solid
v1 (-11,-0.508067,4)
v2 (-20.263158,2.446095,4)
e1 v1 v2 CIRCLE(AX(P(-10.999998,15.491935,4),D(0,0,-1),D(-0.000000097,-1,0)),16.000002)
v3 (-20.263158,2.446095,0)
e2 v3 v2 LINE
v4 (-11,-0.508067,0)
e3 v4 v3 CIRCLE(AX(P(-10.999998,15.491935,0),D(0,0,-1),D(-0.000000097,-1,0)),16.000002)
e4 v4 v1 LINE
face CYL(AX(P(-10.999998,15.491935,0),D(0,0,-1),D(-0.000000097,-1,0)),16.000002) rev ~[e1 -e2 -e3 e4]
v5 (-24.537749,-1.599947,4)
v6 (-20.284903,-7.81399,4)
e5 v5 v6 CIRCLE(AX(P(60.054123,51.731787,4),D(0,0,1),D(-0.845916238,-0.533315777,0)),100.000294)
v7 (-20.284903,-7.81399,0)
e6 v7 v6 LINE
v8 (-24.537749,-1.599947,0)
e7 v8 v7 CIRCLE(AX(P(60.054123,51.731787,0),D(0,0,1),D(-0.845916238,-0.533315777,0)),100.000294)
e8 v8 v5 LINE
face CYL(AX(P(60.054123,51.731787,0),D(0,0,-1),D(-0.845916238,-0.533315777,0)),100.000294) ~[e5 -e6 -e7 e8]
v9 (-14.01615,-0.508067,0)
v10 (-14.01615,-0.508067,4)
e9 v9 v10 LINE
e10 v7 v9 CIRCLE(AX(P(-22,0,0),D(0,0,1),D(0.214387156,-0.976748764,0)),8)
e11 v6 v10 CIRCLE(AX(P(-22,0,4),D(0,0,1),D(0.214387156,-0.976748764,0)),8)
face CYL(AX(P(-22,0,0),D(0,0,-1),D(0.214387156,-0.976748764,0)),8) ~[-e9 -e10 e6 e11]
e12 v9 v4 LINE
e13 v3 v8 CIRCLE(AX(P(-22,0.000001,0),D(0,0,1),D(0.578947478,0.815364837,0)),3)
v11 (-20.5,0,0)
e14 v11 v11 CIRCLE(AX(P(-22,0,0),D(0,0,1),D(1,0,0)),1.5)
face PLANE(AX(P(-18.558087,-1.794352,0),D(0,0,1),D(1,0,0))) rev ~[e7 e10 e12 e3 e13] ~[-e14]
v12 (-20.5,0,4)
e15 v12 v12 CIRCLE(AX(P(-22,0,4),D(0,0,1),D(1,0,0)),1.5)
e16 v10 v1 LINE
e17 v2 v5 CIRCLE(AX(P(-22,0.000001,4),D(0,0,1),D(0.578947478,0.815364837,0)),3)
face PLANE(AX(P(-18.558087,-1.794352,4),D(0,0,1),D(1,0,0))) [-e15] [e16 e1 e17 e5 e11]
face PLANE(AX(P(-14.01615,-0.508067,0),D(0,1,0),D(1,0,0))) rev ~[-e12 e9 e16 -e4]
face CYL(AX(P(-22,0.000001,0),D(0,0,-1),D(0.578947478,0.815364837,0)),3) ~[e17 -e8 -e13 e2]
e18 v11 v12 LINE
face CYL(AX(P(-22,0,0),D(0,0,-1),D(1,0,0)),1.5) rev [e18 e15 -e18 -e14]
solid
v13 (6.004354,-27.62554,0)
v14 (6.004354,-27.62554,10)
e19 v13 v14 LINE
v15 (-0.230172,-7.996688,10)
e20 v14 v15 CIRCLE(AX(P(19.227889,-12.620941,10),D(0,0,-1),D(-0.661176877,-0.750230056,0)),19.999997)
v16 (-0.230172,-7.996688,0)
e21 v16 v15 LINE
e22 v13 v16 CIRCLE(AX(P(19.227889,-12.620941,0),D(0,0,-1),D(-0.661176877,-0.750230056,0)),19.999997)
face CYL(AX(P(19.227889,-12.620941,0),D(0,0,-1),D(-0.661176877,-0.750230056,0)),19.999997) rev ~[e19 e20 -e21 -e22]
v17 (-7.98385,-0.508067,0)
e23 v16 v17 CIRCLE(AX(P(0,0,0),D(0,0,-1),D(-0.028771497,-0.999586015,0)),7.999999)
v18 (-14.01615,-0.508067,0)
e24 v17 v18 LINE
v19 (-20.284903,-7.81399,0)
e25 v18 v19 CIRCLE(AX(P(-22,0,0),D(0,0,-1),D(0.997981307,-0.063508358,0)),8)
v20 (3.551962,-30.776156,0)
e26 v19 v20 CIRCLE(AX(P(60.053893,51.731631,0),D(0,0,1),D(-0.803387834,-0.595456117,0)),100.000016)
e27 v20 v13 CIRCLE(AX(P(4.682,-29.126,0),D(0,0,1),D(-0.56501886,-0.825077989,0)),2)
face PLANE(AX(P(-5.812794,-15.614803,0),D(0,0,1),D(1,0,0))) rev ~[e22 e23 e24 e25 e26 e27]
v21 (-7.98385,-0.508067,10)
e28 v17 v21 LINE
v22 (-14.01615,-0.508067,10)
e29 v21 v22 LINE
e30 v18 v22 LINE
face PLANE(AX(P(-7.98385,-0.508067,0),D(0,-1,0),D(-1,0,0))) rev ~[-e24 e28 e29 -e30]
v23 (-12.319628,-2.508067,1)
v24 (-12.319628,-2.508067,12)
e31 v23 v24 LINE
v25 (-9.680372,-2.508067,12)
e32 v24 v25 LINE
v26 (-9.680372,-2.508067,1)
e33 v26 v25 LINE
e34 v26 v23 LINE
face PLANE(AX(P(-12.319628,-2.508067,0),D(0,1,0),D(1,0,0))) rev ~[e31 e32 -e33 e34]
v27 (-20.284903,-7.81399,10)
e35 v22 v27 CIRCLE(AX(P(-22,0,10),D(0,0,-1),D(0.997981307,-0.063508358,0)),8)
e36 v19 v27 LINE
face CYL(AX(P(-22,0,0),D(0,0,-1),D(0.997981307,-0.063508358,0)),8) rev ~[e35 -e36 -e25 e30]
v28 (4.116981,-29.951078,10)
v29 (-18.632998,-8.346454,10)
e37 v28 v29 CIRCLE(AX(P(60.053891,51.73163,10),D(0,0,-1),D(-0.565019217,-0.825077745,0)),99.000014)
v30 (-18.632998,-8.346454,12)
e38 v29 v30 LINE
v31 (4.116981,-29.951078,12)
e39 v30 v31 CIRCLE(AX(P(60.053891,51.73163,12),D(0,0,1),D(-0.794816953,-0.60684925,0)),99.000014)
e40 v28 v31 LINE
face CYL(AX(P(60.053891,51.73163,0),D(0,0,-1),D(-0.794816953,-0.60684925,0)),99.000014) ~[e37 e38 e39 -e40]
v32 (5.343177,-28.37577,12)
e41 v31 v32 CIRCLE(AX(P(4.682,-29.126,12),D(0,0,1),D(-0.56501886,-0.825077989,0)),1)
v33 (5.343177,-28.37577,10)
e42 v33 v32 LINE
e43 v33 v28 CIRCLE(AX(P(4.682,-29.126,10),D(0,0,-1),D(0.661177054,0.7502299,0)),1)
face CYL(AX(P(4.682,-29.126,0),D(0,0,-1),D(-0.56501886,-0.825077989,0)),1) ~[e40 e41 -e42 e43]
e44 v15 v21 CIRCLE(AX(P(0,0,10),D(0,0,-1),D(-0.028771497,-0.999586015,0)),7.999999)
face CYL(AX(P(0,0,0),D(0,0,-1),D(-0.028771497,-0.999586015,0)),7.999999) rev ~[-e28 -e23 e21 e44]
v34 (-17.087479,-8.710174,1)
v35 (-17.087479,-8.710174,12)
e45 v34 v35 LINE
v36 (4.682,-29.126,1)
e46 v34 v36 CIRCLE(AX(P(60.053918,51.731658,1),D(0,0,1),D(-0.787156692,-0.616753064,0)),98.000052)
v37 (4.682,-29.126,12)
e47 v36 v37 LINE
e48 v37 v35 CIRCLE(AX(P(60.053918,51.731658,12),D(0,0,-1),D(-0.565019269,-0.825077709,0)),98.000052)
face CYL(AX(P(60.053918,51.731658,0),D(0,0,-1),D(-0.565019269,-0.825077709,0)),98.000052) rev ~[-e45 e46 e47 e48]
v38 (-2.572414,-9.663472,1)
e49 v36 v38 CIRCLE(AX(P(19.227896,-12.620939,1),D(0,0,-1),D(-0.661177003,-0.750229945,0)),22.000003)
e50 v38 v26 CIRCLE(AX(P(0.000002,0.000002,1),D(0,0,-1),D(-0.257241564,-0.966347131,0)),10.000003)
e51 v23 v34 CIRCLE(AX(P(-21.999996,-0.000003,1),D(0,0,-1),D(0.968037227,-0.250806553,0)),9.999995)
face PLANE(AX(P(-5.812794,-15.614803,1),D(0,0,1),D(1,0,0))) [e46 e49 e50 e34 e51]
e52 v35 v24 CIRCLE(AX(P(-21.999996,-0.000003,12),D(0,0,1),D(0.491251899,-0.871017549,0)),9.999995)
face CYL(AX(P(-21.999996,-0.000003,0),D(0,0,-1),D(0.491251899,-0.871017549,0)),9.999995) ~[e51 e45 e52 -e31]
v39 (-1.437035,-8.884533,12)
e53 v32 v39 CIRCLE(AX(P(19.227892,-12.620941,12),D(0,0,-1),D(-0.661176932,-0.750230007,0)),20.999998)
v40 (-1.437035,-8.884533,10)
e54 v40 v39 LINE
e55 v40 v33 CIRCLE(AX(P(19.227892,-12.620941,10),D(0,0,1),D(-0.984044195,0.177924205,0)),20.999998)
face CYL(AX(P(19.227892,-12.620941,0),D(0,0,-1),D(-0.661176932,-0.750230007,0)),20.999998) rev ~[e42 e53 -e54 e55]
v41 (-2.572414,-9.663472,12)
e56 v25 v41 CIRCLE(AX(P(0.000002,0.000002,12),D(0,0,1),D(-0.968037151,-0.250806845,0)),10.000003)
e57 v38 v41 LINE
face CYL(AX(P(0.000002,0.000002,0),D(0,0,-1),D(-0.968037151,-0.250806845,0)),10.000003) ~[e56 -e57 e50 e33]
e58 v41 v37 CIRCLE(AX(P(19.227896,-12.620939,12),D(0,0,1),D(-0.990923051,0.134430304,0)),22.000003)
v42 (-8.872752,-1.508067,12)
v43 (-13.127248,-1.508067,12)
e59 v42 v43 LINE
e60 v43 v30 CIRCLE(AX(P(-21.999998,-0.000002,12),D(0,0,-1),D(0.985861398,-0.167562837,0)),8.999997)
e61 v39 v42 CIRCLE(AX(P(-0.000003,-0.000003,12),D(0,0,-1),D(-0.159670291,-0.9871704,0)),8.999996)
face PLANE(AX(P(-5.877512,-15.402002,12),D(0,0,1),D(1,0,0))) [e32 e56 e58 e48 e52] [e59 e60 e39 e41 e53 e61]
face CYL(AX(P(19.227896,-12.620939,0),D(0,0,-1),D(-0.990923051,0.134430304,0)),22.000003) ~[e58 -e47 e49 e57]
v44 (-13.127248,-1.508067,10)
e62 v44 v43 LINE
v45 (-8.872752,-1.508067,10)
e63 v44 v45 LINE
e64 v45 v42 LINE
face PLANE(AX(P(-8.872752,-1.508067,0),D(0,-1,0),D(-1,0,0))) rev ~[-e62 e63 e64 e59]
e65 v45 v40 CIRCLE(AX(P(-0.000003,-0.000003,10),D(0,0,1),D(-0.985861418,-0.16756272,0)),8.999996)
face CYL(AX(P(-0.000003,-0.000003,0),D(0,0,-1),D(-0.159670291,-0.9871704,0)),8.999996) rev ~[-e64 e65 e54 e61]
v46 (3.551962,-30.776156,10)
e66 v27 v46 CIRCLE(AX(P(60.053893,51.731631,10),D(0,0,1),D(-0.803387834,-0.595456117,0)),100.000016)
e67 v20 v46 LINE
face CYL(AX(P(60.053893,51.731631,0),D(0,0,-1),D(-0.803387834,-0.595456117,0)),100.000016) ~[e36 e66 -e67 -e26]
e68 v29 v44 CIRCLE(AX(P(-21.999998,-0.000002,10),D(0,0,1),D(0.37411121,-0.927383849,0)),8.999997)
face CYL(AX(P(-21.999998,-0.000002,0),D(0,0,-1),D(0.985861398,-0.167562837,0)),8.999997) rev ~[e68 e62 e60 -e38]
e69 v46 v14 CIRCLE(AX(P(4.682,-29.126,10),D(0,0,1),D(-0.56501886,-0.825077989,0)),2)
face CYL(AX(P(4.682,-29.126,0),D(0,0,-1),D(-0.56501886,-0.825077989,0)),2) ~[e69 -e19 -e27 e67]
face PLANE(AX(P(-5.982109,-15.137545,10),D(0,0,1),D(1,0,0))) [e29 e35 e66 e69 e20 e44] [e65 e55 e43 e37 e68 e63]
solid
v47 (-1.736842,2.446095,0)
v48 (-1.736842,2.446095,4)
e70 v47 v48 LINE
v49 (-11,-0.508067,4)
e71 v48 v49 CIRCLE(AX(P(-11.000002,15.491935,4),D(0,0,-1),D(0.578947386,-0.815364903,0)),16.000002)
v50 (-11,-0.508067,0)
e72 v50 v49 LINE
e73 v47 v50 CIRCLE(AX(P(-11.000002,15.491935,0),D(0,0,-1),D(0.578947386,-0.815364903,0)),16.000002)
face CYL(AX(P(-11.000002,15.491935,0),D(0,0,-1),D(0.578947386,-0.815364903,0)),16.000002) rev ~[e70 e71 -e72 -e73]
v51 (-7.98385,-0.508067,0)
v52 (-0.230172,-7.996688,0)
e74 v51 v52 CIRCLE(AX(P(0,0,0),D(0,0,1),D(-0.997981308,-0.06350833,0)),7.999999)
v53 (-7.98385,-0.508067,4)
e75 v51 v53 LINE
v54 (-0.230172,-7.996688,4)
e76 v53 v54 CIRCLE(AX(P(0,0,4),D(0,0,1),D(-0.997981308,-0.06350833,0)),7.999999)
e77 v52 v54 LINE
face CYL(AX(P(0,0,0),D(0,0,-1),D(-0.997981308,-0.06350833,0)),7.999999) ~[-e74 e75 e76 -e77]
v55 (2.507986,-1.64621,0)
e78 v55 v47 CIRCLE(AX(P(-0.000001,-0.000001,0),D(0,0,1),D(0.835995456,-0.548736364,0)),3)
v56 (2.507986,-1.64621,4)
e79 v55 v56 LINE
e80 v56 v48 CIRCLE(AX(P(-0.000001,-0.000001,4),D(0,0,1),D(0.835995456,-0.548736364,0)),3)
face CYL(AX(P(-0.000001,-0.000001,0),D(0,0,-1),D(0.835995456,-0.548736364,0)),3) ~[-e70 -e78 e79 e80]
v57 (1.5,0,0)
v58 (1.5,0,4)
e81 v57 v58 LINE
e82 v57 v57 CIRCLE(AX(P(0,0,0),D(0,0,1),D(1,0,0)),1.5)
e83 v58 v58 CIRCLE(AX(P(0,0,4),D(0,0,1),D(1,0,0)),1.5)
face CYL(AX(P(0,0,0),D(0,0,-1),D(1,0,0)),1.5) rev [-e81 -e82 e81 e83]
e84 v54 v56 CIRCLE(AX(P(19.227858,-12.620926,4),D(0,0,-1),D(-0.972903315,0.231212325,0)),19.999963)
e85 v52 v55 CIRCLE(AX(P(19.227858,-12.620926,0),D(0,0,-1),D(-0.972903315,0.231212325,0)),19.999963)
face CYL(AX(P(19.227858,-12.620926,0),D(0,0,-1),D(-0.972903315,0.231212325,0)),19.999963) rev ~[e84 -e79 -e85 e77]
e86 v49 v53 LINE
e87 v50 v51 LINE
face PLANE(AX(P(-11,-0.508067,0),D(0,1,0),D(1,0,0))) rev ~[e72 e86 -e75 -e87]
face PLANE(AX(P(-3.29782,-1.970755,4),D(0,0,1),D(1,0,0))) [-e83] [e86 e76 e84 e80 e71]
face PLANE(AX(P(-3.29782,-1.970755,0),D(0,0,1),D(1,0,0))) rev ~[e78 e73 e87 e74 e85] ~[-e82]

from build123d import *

# Parameters (mm, degrees)
F0_R     = 1.5
F1_DEPTH = 4
F2_DEPTH = 10
F3_DEPTH = 12
F4_DEPTH = 1


with BuildPart() as f1:
    # F0 (on Top) → F1 (new body)
    with BuildSketch(Plane.XY):
        with BuildLine():
            ThreePointArc((-11, -0.508067), (-15.861408, 0.248354), (-20.263158, 2.446095))
            ThreePointArc((-20.263158, 2.446095), (-24.062275, 2.178767), (-24.537749, -1.599947))
            ThreePointArc((-24.537749, -1.599947), (-22.469836, -4.747013), (-20.284903, -7.81399))
            ThreePointArc((-20.284903, -7.81399), (-15.928631, -5.20946), (-14.01615, -0.508067))
            Line((-14.01615, -0.508067), (-11, -0.508067))
        make_face()
        with Locations((-22, 0)):
            Circle(F0_R, mode=Mode.SUBTRACT)
        with BuildLine():
            ThreePointArc((-1.736842, 2.446095), (-6.138592, 0.248354), (-11, -0.508067))
            Line((-11, -0.508067), (-7.98385, -0.508067))
            ThreePointArc((-7.98385, -0.508067), (-5.557644, -5.754354), (-0.230172, -7.996688))
            ThreePointArc((-0.230172, -7.996688), (0.862339, -4.7022), (2.507986, -1.64621))
            ThreePointArc((2.507986, -1.64621), (2.082163, 2.159767), (-1.736842, 2.446095))
        make_face()
        Circle(F0_R, mode=Mode.SUBTRACT)
    extrude(amount=F1_DEPTH)


with BuildPart() as f2:
    # F0 (on Top) → F2 (new body)
    with BuildSketch(Plane.XY):
        with BuildLine():
            Line((-7.98385, -0.508067), (-11, -0.508067))
            Line((-11, -0.508067), (-14.01615, -0.508067))
            ThreePointArc((-14.01615, -0.508067), (-15.928631, -5.20946), (-20.284903, -7.81399))
            ThreePointArc((-20.284903, -7.81399), (-9.323059, -20.2881), (3.551962, -30.776156))
            ThreePointArc((3.551962, -30.776156), (6.26024, -30.354478), (6.004354, -27.62554))
            ThreePointArc((6.004354, -27.62554), (0.166288, -18.675297), (-0.230172, -7.996688))
            ThreePointArc((-0.230172, -7.996688), (-5.557644, -5.754354), (-7.98385, -0.508067))
        make_face()
        with BuildLine():
            ThreePointArc((-18.632998, -8.346454), (-14.989737, -5.644131), (-13.127248, -1.508067))
            Line((-13.127248, -1.508067), (-8.872752, -1.508067))
            ThreePointArc((-8.872752, -1.508067), (-6.338454, -6.389367), (-1.437035, -8.884533))
            ThreePointArc((-1.437035, -8.884533), (-0.606334, -19.520465), (5.343177, -28.37577))
            ThreePointArc((5.343177, -28.37577), (5.47112, -29.740239), (4.116981, -29.951078))
            ThreePointArc((4.116981, -29.951078), (-8.119284, -20.055701), (-18.632998, -8.346454))
        make_face(mode=Mode.SUBTRACT)
    extrude(amount=F2_DEPTH)

    # F0 (on Top) → F3 (join)
    with BuildSketch(Plane.XY):
        with BuildLine():
            Line((-8.872752, -1.508067), (-13.127248, -1.508067))
            ThreePointArc((-13.127248, -1.508067), (-14.989737, -5.644131), (-18.632998, -8.346454))
            ThreePointArc((-18.632998, -8.346454), (-8.119284, -20.055701), (4.116981, -29.951078))
            ThreePointArc((4.116981, -29.951078), (5.47112, -29.740239), (5.343177, -28.37577))
            ThreePointArc((5.343177, -28.37577), (-0.606334, -19.520465), (-1.437035, -8.884533))
            ThreePointArc((-1.437035, -8.884533), (-6.338454, -6.389367), (-8.872752, -1.508067))
        make_face()
        with BuildLine():
            Line((-12.319628, -2.508067), (-9.680372, -2.508067))
            ThreePointArc((-9.680372, -2.508067), (-7.09455, -7.047507), (-2.572414, -9.663472))
            ThreePointArc((-2.572414, -9.663472), (-1.386642, -20.30475), (4.682, -29.126))
            ThreePointArc((4.682, -29.126), (-6.984475, -19.751655), (-17.087479, -8.710174))
            ThreePointArc((-17.087479, -8.710174), (-14.071906, -6.094697), (-12.319628, -2.508067))
        make_face(mode=Mode.SUBTRACT)
    extrude(amount=F3_DEPTH)

    # F0 (on Top) → F4 (join)
    with BuildSketch(Plane.XY):
        with BuildLine():
            ThreePointArc((-2.572414, -9.663472), (-7.09455, -7.047507), (-9.680372, -2.508067))
            Line((-9.680372, -2.508067), (-12.319628, -2.508067))
            ThreePointArc((-12.319628, -2.508067), (-14.071906, -6.094697), (-17.087479, -8.710174))
            ThreePointArc((-17.087479, -8.710174), (-6.984475, -19.751655), (4.682, -29.126))
            ThreePointArc((4.682, -29.126), (-1.386642, -20.30475), (-2.572414, -9.663472))
        make_face()
    extrude(amount=F4_DEPTH)


solid = Compound([f1.part, f2.part])
